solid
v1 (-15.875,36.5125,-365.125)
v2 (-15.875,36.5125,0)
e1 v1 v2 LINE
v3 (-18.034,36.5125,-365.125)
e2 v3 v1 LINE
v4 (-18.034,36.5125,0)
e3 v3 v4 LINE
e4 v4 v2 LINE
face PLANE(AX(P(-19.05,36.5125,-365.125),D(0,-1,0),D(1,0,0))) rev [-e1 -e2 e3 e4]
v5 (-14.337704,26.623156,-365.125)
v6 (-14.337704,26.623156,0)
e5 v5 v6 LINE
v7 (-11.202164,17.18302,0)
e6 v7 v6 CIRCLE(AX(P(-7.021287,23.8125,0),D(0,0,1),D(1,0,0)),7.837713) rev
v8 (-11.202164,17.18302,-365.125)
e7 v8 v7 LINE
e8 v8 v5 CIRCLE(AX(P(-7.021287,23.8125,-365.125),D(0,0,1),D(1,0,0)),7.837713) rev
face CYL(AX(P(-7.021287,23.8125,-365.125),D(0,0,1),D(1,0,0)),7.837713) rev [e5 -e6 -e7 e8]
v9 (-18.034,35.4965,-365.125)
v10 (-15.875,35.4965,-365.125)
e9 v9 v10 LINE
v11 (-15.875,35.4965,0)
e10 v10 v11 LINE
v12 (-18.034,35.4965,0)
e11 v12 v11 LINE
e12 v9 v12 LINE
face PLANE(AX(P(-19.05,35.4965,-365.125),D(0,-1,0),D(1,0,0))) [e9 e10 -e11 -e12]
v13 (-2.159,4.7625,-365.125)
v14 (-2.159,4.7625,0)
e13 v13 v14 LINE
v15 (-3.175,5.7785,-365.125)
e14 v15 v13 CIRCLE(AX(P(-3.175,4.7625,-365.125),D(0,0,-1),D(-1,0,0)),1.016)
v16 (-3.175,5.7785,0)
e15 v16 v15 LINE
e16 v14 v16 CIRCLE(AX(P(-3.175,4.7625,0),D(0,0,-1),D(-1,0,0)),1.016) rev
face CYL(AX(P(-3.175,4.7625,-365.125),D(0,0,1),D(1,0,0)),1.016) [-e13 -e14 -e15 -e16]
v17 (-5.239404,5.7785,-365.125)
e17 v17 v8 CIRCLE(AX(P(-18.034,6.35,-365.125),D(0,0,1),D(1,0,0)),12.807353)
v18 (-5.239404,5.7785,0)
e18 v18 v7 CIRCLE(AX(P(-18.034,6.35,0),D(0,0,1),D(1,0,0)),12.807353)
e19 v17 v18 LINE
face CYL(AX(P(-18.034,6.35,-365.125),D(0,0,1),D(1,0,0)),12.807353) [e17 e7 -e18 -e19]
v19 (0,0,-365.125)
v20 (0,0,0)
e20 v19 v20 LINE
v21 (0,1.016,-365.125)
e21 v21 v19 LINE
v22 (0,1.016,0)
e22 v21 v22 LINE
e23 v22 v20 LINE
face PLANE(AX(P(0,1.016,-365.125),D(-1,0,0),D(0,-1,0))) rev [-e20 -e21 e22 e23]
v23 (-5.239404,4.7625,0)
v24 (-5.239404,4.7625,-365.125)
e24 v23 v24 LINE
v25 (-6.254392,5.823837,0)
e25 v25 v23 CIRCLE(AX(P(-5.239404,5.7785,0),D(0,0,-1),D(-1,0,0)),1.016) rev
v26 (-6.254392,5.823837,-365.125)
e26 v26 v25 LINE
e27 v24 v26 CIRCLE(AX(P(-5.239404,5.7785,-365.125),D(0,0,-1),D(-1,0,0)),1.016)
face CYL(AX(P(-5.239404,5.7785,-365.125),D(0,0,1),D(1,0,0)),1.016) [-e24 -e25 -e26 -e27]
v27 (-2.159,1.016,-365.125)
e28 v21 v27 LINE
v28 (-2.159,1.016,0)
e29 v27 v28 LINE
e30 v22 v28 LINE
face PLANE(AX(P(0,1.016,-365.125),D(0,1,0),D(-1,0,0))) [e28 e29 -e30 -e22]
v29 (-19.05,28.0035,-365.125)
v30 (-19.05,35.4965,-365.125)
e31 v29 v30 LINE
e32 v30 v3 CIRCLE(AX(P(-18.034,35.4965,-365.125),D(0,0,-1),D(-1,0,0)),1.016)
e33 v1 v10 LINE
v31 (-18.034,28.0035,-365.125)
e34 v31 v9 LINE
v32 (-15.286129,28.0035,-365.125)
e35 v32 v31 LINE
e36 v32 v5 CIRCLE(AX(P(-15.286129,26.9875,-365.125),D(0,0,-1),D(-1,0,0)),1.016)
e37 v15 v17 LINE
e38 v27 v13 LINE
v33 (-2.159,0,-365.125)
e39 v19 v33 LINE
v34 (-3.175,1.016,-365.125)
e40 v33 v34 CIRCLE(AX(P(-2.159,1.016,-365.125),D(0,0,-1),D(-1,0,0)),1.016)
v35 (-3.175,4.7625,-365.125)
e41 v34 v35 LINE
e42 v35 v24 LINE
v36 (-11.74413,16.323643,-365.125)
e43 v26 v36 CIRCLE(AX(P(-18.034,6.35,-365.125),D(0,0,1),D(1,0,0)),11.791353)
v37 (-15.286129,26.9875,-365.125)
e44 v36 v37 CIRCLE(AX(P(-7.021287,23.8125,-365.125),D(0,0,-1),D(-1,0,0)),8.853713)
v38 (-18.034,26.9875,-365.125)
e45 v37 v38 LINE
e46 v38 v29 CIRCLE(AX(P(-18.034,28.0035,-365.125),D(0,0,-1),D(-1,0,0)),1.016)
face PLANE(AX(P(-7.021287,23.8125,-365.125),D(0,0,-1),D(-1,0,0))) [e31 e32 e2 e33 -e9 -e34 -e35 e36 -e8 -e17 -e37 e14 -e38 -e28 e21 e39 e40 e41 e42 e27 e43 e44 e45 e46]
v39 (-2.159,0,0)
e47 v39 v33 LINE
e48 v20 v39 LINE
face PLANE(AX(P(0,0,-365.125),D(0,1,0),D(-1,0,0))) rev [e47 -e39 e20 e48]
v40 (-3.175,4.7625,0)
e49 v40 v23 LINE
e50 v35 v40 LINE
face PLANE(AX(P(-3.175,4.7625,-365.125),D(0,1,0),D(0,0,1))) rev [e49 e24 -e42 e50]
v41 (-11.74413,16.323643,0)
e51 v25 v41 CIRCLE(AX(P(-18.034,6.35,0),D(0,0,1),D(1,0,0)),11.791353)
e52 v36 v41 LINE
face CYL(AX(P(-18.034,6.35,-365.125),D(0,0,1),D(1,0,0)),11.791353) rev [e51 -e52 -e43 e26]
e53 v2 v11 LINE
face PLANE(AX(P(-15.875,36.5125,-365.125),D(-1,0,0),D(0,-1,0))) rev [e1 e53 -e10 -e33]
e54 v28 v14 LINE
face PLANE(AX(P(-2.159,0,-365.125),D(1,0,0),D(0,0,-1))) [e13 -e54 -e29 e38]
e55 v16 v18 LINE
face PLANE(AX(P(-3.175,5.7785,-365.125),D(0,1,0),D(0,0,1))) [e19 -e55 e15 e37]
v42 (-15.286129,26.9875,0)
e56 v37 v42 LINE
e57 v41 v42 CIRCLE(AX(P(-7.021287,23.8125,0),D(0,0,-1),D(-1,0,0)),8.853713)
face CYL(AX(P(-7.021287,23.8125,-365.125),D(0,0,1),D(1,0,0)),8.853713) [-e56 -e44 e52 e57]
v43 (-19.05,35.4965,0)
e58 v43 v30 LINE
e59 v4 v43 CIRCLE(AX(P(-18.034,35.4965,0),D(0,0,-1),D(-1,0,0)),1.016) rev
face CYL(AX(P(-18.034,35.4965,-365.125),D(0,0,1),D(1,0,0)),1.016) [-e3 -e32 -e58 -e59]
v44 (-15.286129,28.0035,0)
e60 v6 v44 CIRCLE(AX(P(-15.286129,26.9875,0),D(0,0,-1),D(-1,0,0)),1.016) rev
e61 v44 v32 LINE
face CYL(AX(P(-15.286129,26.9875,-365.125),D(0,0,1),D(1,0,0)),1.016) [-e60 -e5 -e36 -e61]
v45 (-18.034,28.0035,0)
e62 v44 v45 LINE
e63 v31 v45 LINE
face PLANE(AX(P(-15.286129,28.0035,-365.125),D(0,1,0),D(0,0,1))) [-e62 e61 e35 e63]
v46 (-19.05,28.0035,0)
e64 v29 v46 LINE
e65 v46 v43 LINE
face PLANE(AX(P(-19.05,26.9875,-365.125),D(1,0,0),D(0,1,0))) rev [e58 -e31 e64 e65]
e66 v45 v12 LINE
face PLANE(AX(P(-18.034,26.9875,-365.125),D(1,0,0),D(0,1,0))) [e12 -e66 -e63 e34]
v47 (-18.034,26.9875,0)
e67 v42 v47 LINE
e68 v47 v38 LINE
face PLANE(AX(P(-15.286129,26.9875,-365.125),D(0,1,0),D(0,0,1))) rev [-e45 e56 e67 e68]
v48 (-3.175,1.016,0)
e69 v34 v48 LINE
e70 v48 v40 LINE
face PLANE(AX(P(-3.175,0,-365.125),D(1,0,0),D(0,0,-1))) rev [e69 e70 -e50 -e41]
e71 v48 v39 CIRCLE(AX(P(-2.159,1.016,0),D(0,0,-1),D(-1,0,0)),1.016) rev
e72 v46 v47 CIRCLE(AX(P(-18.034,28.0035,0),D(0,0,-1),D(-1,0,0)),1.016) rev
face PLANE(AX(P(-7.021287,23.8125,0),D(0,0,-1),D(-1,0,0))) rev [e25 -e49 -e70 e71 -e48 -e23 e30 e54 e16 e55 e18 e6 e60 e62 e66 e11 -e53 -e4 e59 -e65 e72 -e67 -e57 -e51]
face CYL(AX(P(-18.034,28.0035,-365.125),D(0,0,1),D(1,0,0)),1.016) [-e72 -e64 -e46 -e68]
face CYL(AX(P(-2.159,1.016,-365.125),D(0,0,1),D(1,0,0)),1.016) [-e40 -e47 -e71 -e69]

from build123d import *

# Parameters (mm, degrees)
EXTRUDE_THIN1_DEPTH = 365.125
FILLET1_R           = 1.016


with BuildPart() as part:
    # Sketch1 → Extrude-Thin1 (new body)
    with BuildSketch(Plane.XY):
        with BuildLine():
            Line((0, 0), (-3.175, 0))
            Line((-3.175, 0), (-3.175, 4.7625))
            Line((-3.175, 4.7625), (-6.35, 4.7625))
            ThreePointArc((-6.35, 4.7625), (-7.348495491, 11.335579769), (-11.744129794, 16.323642516))
            ThreePointArc((-11.744129794, 16.323642516), (-15.423635055, 21.021661297), (-15.286128704, 26.9875))
            Line((-15.286128704, 26.9875), (-19.05, 26.9875))
            Line((-19.05, 26.9875), (-19.05, 36.5125))
            Line((-19.05, 36.5125), (-15.875, 36.5125))
            Line((-15.875, 36.5125), (-15.875, 35.4965))
            Line((-15.875, 35.4965), (-18.034, 35.4965))
            Line((-18.034, 35.4965), (-18.034, 28.0035))
            Line((-18.034, 28.0035), (-13.644372615, 28.0035))
            ThreePointArc((-13.644372615, 28.0035), (-14.6666845, 22.086915467), (-11.202164171, 17.18301977))
            ThreePointArc((-11.202164171, 17.18301977), (-6.684331546, 12.284081572), (-5.239404036, 5.7785))
            Line((-5.239404036, 5.7785), (-2.159, 5.7785))
            Line((-2.159, 5.7785), (-2.159, 1.016))
            Line((-2.159, 1.016), (0, 1.016))
            Line((0, 1.016), (0, 0))
        make_face()
    extrude(amount=-EXTRUDE_THIN1_DEPTH)

    # Fillet1
    fillet1_edges = [part.edges().sort_by_distance(p)[0] for p in [
        (-13.644372615, 28.0035, -182.5625),
        (-2.159, 5.7785, -182.5625),
        (-3.175, 0, -182.5625),
        (-6.35, 4.7625, -182.5625),
        (-19.05, 26.9875, -182.5625),
        (-19.05, 36.5125, -182.5625),
    ]]
    fillet(fillet1_edges, radius=FILLET1_R)


solid = part.part
